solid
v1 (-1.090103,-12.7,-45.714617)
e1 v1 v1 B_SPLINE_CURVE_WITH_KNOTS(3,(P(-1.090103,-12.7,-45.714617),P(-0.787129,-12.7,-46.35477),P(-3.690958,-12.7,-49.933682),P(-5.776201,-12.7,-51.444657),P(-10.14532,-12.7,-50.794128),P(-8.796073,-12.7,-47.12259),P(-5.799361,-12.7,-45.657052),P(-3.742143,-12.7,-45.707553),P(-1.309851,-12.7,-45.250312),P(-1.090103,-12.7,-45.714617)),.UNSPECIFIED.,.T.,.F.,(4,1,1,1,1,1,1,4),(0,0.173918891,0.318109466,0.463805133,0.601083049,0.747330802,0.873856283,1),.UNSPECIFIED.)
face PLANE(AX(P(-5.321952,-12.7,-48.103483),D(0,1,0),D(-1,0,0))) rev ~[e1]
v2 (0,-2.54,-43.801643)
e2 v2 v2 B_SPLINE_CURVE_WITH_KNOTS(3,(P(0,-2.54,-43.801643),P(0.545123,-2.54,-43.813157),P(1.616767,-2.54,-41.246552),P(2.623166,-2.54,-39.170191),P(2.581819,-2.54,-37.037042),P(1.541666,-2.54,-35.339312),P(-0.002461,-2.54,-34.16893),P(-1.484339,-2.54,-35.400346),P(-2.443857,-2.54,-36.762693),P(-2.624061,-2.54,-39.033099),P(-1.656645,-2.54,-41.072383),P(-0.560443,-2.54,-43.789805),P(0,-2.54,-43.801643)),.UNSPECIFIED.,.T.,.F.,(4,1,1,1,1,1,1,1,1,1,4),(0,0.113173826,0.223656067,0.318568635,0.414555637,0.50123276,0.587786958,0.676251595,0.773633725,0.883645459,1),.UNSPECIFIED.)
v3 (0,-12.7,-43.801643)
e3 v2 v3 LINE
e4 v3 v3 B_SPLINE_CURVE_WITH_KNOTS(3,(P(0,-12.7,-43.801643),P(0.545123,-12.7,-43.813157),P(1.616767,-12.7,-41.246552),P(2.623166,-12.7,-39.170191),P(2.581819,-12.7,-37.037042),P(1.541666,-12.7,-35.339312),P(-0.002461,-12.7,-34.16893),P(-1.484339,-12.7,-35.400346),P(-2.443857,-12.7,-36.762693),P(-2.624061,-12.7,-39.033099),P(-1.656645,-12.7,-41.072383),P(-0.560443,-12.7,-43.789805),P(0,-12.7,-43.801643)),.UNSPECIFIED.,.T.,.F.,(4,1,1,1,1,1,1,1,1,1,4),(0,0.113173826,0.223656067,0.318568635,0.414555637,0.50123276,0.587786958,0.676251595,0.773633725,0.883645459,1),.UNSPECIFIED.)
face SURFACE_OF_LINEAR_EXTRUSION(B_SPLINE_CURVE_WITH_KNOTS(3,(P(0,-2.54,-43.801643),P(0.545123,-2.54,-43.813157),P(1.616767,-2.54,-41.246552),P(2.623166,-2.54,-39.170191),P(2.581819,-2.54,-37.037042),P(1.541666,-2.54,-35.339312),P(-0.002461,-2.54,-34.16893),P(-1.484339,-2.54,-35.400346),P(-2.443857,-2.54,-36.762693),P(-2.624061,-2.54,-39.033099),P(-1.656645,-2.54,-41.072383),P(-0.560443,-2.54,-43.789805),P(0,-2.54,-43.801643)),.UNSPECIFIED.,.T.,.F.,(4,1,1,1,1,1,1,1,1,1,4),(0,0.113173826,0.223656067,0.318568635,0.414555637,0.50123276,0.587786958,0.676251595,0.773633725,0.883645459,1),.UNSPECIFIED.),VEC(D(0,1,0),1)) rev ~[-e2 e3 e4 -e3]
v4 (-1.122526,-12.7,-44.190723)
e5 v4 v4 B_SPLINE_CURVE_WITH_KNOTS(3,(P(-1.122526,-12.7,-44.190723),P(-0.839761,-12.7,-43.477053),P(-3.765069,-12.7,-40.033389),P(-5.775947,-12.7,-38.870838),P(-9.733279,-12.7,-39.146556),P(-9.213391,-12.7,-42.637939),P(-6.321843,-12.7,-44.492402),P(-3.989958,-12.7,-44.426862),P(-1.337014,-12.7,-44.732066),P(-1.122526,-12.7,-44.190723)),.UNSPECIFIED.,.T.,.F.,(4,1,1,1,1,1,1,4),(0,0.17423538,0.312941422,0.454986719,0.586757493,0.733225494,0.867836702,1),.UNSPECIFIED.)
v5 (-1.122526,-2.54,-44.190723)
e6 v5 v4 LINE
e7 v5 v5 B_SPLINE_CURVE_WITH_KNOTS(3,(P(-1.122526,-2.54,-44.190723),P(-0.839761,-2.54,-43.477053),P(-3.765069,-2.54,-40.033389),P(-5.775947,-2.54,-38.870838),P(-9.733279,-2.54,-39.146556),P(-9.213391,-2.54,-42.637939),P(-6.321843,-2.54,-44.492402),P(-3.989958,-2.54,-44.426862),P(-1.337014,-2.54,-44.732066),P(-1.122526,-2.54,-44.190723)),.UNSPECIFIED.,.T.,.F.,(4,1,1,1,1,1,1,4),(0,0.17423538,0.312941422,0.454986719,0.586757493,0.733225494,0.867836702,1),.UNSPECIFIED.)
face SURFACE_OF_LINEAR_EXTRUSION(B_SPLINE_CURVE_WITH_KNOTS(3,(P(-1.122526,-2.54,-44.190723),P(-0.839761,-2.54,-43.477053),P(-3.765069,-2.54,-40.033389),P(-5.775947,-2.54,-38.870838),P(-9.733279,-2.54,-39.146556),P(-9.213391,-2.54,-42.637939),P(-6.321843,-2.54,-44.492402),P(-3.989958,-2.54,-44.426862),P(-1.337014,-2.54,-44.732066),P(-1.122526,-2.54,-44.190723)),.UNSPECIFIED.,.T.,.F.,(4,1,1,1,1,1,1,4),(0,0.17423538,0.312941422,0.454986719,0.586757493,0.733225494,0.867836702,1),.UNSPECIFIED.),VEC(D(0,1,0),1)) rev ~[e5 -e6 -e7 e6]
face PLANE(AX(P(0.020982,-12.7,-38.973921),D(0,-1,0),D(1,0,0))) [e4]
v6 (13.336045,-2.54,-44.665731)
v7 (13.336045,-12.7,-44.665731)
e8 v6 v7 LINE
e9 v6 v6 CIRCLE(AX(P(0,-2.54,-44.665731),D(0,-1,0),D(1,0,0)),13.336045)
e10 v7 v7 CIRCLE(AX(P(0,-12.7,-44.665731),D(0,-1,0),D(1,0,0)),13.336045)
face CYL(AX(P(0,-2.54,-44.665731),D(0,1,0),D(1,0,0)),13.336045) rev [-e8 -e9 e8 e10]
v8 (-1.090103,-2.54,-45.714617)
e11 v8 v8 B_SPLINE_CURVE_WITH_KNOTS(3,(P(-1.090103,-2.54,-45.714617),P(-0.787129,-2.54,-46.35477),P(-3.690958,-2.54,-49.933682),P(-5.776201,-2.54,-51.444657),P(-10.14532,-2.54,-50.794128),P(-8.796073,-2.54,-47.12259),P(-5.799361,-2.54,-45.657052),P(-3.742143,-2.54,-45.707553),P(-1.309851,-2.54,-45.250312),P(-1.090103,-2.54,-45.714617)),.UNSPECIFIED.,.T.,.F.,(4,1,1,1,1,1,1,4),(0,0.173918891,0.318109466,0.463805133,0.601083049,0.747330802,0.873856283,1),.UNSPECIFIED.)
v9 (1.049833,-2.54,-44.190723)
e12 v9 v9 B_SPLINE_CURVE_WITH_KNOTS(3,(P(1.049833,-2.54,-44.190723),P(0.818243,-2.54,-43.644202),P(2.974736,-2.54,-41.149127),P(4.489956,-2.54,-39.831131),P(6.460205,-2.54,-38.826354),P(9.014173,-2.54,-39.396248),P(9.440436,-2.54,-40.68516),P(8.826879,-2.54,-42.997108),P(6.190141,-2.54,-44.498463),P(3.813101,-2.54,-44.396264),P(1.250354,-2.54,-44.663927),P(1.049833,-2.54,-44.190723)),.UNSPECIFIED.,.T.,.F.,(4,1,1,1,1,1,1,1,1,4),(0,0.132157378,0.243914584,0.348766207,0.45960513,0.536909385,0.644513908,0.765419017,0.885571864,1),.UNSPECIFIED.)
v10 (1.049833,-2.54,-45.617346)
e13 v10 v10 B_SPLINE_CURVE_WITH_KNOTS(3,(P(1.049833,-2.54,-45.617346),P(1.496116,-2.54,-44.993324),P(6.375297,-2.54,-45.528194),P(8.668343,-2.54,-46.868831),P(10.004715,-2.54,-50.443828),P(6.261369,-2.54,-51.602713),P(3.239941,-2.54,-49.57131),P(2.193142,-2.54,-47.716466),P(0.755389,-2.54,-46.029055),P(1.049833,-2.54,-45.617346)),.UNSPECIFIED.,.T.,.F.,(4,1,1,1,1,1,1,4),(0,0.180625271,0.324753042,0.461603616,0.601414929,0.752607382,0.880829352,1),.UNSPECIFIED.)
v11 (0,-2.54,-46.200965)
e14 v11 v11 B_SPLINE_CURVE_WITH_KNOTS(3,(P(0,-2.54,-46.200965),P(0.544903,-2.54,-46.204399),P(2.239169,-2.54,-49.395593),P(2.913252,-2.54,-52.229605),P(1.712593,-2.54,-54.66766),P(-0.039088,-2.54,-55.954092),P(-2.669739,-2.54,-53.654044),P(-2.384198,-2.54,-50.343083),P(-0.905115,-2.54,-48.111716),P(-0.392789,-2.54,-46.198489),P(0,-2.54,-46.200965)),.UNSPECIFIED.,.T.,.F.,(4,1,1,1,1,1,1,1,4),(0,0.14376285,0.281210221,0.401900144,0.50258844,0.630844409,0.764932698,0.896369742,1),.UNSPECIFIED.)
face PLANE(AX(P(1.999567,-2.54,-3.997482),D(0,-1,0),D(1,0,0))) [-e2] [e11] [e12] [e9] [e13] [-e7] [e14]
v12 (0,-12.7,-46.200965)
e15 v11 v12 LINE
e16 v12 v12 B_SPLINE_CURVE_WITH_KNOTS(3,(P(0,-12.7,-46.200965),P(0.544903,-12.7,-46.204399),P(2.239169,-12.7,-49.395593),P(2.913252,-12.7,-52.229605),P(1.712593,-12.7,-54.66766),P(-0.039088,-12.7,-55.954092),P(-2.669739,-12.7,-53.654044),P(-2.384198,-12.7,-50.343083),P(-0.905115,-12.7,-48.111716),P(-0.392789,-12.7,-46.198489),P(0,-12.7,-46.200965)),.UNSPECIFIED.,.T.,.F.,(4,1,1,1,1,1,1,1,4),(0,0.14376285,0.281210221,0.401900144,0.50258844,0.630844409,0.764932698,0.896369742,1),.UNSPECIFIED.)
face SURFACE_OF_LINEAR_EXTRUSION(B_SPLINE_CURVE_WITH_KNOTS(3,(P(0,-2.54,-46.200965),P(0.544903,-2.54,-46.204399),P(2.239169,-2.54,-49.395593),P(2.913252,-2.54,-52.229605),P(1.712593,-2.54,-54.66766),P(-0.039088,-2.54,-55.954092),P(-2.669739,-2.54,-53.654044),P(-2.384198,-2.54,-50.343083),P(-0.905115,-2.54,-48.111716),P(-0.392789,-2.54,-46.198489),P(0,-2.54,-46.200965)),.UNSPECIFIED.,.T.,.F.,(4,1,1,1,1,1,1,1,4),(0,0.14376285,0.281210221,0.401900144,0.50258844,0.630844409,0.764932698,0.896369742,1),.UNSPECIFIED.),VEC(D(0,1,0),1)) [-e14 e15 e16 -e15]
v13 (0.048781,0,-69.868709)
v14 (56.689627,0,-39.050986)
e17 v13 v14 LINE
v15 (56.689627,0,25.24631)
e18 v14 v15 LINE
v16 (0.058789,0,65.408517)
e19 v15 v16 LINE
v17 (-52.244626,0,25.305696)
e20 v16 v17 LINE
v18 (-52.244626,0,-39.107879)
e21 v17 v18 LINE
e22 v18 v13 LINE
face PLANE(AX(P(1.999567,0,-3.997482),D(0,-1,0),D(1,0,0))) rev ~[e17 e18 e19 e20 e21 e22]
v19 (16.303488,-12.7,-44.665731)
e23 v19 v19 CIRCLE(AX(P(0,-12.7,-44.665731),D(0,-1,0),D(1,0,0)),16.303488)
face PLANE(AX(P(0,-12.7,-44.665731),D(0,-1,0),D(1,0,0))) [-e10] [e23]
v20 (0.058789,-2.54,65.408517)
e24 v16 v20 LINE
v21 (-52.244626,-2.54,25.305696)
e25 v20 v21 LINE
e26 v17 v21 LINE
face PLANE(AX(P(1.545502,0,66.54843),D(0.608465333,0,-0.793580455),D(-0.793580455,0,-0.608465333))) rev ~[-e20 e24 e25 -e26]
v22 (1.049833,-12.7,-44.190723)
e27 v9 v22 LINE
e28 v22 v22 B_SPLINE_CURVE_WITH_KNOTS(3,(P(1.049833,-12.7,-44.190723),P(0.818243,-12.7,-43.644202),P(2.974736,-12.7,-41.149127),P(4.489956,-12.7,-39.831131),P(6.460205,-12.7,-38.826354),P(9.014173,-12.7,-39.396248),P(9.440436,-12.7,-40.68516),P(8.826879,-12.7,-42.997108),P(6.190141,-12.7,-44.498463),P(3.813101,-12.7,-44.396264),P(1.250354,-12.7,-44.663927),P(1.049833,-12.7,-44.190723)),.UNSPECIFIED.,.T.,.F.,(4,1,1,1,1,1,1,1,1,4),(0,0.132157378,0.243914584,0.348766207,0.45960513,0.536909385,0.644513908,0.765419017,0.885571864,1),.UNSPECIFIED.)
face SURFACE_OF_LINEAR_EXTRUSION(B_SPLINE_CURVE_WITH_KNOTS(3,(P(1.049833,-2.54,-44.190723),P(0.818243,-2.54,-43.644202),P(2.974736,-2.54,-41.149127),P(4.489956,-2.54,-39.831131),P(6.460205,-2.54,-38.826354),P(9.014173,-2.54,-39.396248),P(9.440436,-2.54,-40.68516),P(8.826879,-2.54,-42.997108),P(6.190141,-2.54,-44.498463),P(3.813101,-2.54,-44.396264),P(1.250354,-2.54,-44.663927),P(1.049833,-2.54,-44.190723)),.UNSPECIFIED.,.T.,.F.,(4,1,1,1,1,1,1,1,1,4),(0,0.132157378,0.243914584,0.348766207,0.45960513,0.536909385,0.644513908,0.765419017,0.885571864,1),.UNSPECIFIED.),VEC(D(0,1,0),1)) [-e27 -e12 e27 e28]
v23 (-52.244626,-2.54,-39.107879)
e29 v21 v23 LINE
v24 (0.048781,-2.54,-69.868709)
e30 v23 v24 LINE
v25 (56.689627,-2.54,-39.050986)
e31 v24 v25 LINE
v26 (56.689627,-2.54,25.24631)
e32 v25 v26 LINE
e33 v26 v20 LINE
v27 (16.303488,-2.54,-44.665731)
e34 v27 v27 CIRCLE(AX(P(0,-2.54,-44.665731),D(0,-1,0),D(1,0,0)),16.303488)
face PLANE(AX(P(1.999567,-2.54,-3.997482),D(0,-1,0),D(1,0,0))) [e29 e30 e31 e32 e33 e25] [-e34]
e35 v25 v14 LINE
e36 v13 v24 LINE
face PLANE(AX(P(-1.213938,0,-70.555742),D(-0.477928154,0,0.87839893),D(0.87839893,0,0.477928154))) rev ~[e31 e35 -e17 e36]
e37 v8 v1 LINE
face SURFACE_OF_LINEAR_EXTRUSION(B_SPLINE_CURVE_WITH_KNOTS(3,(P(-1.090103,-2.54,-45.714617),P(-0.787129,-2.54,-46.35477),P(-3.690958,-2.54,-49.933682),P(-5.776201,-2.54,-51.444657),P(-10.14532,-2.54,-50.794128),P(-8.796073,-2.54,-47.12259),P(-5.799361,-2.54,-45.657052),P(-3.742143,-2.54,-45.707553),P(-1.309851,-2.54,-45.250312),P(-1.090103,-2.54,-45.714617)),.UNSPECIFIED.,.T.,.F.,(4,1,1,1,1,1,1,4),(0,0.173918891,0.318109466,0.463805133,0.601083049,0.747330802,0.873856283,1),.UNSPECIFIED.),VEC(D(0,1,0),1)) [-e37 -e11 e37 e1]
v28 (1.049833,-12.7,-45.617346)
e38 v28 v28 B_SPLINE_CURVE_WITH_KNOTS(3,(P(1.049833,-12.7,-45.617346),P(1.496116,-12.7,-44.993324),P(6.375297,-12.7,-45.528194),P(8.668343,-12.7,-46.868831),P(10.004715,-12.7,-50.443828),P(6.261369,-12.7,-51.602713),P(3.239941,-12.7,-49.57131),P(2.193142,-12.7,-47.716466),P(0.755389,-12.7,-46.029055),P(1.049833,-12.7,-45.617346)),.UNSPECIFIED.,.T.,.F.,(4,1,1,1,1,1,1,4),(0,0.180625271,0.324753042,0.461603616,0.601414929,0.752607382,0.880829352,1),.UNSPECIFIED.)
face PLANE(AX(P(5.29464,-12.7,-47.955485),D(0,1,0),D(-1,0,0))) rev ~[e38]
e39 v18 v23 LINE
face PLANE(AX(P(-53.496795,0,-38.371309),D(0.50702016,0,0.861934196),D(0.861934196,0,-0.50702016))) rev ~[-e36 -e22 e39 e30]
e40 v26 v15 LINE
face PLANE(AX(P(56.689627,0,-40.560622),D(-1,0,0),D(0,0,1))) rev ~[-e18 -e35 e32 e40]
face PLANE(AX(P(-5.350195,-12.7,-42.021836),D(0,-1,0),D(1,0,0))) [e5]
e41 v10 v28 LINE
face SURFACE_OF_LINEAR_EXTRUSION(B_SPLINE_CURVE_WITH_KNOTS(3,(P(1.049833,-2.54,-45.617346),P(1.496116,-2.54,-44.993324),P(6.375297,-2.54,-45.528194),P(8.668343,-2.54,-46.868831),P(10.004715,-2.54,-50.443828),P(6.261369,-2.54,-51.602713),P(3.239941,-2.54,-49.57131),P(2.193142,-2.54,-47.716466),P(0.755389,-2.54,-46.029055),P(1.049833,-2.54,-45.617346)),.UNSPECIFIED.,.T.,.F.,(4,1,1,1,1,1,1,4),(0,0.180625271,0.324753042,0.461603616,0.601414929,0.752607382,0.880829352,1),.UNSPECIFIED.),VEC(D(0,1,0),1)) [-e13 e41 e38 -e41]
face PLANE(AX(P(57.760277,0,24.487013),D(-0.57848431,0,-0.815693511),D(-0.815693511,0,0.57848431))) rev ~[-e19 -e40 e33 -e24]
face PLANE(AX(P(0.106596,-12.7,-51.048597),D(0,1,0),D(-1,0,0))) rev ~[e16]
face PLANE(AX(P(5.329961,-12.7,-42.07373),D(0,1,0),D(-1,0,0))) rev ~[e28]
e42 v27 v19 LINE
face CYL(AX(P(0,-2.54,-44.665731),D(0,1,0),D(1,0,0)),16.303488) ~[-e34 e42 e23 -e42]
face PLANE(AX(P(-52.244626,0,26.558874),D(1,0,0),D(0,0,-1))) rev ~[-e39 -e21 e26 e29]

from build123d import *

# Parameters (mm, degrees)
F1_DEPTH  = 12.7
F2_DEPTH  = 2.54
F3_DEPTH  = 7.62
F4_DEPTH  = 2.54
F5_DEPTH  = 2.54
F6_DEPTH  = 2.54
F7_DEPTH  = 2.54
F8_DEPTH  = 2.54
F9_DEPTH  = 2.54
F10_R     = 16.3034877796
F10_R_2   = 13.3360453195
F11_DEPTH = 10.16


with BuildPart() as f1:
    # F0 (on Front) → F1 (new body)
    with BuildSketch(Plane.XZ):
        Polygon((59.2296272516, 26.558874175), (0, 68.5641244054), (-54.7846257687, 26.558874175), (-54.7846257687, -40.5606217682), (0, -72.7868750691), (59.2296272516, -40.5606217682), align=None)
    extrude(amount=F1_DEPTH)

    # F2 (cut): a face of the model
    f2_faces = [f1.faces().sort_by_distance(p)[0] for p in [
        (1.9587071028, -12.7, -4.2659517496),
    ]]
    extrude(f2_faces, amount=-F2_DEPTH, mode=Mode.SUBTRACT)

    # F3 (cut): a face of the model
    f3_faces = [f1.faces().sort_by_distance(p)[0] for p in [
        (1.9587071028, -10.16, -4.2659517496),
    ]]
    extrude(f3_faces, amount=-F3_DEPTH, mode=Mode.SUBTRACT)

    # F4 (cut): a face of the model
    f4_faces = [f1.faces().sort_by_distance(p)[0] for p in [
        (29.6148136258, -1.27, 47.5614992902),
    ]]
    extrude(f4_faces, amount=-F4_DEPTH, mode=Mode.SUBTRACT)

    # F5 (cut): a face of the model
    f5_faces = [f1.faces().sort_by_distance(p)[0] for p in [
        (-27.3923128843, -1.27, 47.5614992902),
    ]]
    extrude(f5_faces, amount=-F5_DEPTH, mode=Mode.SUBTRACT)

    # F6 (cut): a face of the model
    f6_faces = [f1.faces().sort_by_distance(p)[0] for p in [
        (59.2296272516, -1.27, -7.0008737966),
    ]]
    extrude(f6_faces, amount=-F6_DEPTH, mode=Mode.SUBTRACT)

    # F7 (cut): a face of the model
    f7_faces = [f1.faces().sort_by_distance(p)[0] for p in [
        (-54.7846257687, -1.27, -7.0008737966),
    ]]
    extrude(f7_faces, amount=-F7_DEPTH, mode=Mode.SUBTRACT)

    # F8 (cut): a face of the model
    f8_faces = [f1.faces().sort_by_distance(p)[0] for p in [
        (-27.3923128843, -1.27, -56.6737484187),
    ]]
    extrude(f8_faces, amount=-F8_DEPTH, mode=Mode.SUBTRACT)

    # F9 (cut): a face of the model
    f9_faces = [f1.faces().sort_by_distance(p)[0] for p in [
        (29.6148136258, -1.27, -56.6737484187),
    ]]
    extrude(f9_faces, amount=-F9_DEPTH, mode=Mode.SUBTRACT)

    # F10 (on face) → F11 (join)
    with BuildSketch(Plane.XZ.offset(2.54)):
        with Locations((0, -44.6657314897)):
            Circle(F10_R)
        with Locations((0, -44.6657314897)):
            Circle(F10_R_2, mode=Mode.SUBTRACT)
        with BuildLine():
            add(Edge.make_bspline(
                [(1.0498326737, -45.6173457205), (1.4961162946, -44.9933239627), (6.3752970069, -45.5281940166), (8.6683425025, -46.8688306892), (10.0047145229, -50.4438282707), (6.2613687821, -51.6027129589), (3.2399414147, -49.5713098231), (2.1931423362, -47.7164660276), (0.7553893328, -46.0290548727), (1.0498326737, -45.6173457205)],
                knots=[0, 0, 0, 0, 0.1806252712, 0.3247530416, 0.461603616, 0.6014149295, 0.7526073817, 0.880829352, 1, 1, 1, 1], degree=3))
        make_face()
        with BuildLine():
            add(Edge.make_bspline(
                [(0, -43.8016429543), (0.5451229226, -43.8131570736), (1.6167668414, -41.2465516118), (2.6231657093, -39.1701911527), (2.5818193267, -37.0370421169), (1.5416660309, -35.3393119862), (-0.0024608319, -34.1689302246), (-1.4843391474, -35.4003462259), (-2.4438566395, -36.7626925333), (-2.6240611577, -39.0330988064), (-1.6566450487, -41.0723830195), (-0.5604434318, -43.7898052344), (0, -43.8016429543)],
                knots=[0, 0, 0, 0, 0.1131738261, 0.2236560665, 0.3185686351, 0.4145556374, 0.5012327602, 0.5877869581, 0.6762515948, 0.7736337246, 0.8836454589, 1, 1, 1, 1], degree=3))
        make_face()
        with BuildLine():
            add(Edge.make_bspline(
                [(0, -46.2009645998), (0.5449033064, -46.2043986), (2.2391694804, -49.3955928499), (2.913251818, -52.2296052114), (1.7125927192, -54.6676599654), (-0.0390875941, -55.9540920268), (-2.6697391535, -53.6540437741), (-2.3841981624, -50.3430826085), (-0.9051153772, -48.111716018), (-0.3927890289, -46.1984892293), (0, -46.2009645998)],
                knots=[0, 0, 0, 0, 0.1437628495, 0.2812102212, 0.4019001441, 0.5025884397, 0.6308444089, 0.7649326983, 0.8963697423, 1, 1, 1, 1], degree=3))
        make_face()
        with BuildLine():
            add(Edge.make_bspline(
                [(-1.1225264752, -44.190723449), (-0.8397605595, -43.4770525622), (-3.7650692565, -40.0333889851), (-5.7759465771, -38.8708376154), (-9.7332792959, -39.146556477), (-9.2133913348, -42.6379393659), (-6.321842505, -44.4924024313), (-3.989958041, -44.426861801), (-1.337013774, -44.7320664193), (-1.1225264752, -44.190723449)],
                knots=[0, 0, 0, 0, 0.1742353804, 0.312941422, 0.4549867189, 0.5867574934, 0.7332254937, 0.8678367016, 1, 1, 1, 1], degree=3))
        make_face()
        with BuildLine():
            add(Edge.make_bspline(
                [(-1.0901030619, -45.7146167755), (-0.7871291024, -46.3547699821), (-3.6909581852, -49.9336816274), (-5.7762006099, -51.4446574823), (-10.1453199667, -50.7941282402), (-8.796073409, -47.1225897259), (-5.7993611429, -45.6570521825), (-3.7421433013, -45.7075527769), (-1.3098506765, -45.2503123832), (-1.0901030619, -45.7146167755)],
                knots=[0, 0, 0, 0, 0.173918891, 0.3181094664, 0.4638051333, 0.6010830486, 0.7473308021, 0.8738562829, 1, 1, 1, 1], degree=3))
        make_face()
        with BuildLine():
            add(Edge.make_bspline(
                [(1.0498326737, -44.190723449), (0.8182427943, -43.6442024691), (2.9747356408, -41.1491268402), (4.4899562645, -39.8311313876), (6.4602047226, -38.8263537146), (9.0141733888, -39.3962484284), (9.4404359278, -40.6851601484), (8.8268794972, -42.9971078704), (6.1901412499, -44.4984625173), (3.8131014304, -44.3962642702), (1.2503541919, -44.6639272731), (1.0498326737, -44.190723449)],
                knots=[0, 0, 0, 0, 0.1321573784, 0.243914584, 0.3487662065, 0.4596051304, 0.536909385, 0.6445139077, 0.7654190173, 0.8855718643, 1, 1, 1, 1], degree=3))
        make_face()
    extrude(amount=F11_DEPTH)


solid = f1.part
